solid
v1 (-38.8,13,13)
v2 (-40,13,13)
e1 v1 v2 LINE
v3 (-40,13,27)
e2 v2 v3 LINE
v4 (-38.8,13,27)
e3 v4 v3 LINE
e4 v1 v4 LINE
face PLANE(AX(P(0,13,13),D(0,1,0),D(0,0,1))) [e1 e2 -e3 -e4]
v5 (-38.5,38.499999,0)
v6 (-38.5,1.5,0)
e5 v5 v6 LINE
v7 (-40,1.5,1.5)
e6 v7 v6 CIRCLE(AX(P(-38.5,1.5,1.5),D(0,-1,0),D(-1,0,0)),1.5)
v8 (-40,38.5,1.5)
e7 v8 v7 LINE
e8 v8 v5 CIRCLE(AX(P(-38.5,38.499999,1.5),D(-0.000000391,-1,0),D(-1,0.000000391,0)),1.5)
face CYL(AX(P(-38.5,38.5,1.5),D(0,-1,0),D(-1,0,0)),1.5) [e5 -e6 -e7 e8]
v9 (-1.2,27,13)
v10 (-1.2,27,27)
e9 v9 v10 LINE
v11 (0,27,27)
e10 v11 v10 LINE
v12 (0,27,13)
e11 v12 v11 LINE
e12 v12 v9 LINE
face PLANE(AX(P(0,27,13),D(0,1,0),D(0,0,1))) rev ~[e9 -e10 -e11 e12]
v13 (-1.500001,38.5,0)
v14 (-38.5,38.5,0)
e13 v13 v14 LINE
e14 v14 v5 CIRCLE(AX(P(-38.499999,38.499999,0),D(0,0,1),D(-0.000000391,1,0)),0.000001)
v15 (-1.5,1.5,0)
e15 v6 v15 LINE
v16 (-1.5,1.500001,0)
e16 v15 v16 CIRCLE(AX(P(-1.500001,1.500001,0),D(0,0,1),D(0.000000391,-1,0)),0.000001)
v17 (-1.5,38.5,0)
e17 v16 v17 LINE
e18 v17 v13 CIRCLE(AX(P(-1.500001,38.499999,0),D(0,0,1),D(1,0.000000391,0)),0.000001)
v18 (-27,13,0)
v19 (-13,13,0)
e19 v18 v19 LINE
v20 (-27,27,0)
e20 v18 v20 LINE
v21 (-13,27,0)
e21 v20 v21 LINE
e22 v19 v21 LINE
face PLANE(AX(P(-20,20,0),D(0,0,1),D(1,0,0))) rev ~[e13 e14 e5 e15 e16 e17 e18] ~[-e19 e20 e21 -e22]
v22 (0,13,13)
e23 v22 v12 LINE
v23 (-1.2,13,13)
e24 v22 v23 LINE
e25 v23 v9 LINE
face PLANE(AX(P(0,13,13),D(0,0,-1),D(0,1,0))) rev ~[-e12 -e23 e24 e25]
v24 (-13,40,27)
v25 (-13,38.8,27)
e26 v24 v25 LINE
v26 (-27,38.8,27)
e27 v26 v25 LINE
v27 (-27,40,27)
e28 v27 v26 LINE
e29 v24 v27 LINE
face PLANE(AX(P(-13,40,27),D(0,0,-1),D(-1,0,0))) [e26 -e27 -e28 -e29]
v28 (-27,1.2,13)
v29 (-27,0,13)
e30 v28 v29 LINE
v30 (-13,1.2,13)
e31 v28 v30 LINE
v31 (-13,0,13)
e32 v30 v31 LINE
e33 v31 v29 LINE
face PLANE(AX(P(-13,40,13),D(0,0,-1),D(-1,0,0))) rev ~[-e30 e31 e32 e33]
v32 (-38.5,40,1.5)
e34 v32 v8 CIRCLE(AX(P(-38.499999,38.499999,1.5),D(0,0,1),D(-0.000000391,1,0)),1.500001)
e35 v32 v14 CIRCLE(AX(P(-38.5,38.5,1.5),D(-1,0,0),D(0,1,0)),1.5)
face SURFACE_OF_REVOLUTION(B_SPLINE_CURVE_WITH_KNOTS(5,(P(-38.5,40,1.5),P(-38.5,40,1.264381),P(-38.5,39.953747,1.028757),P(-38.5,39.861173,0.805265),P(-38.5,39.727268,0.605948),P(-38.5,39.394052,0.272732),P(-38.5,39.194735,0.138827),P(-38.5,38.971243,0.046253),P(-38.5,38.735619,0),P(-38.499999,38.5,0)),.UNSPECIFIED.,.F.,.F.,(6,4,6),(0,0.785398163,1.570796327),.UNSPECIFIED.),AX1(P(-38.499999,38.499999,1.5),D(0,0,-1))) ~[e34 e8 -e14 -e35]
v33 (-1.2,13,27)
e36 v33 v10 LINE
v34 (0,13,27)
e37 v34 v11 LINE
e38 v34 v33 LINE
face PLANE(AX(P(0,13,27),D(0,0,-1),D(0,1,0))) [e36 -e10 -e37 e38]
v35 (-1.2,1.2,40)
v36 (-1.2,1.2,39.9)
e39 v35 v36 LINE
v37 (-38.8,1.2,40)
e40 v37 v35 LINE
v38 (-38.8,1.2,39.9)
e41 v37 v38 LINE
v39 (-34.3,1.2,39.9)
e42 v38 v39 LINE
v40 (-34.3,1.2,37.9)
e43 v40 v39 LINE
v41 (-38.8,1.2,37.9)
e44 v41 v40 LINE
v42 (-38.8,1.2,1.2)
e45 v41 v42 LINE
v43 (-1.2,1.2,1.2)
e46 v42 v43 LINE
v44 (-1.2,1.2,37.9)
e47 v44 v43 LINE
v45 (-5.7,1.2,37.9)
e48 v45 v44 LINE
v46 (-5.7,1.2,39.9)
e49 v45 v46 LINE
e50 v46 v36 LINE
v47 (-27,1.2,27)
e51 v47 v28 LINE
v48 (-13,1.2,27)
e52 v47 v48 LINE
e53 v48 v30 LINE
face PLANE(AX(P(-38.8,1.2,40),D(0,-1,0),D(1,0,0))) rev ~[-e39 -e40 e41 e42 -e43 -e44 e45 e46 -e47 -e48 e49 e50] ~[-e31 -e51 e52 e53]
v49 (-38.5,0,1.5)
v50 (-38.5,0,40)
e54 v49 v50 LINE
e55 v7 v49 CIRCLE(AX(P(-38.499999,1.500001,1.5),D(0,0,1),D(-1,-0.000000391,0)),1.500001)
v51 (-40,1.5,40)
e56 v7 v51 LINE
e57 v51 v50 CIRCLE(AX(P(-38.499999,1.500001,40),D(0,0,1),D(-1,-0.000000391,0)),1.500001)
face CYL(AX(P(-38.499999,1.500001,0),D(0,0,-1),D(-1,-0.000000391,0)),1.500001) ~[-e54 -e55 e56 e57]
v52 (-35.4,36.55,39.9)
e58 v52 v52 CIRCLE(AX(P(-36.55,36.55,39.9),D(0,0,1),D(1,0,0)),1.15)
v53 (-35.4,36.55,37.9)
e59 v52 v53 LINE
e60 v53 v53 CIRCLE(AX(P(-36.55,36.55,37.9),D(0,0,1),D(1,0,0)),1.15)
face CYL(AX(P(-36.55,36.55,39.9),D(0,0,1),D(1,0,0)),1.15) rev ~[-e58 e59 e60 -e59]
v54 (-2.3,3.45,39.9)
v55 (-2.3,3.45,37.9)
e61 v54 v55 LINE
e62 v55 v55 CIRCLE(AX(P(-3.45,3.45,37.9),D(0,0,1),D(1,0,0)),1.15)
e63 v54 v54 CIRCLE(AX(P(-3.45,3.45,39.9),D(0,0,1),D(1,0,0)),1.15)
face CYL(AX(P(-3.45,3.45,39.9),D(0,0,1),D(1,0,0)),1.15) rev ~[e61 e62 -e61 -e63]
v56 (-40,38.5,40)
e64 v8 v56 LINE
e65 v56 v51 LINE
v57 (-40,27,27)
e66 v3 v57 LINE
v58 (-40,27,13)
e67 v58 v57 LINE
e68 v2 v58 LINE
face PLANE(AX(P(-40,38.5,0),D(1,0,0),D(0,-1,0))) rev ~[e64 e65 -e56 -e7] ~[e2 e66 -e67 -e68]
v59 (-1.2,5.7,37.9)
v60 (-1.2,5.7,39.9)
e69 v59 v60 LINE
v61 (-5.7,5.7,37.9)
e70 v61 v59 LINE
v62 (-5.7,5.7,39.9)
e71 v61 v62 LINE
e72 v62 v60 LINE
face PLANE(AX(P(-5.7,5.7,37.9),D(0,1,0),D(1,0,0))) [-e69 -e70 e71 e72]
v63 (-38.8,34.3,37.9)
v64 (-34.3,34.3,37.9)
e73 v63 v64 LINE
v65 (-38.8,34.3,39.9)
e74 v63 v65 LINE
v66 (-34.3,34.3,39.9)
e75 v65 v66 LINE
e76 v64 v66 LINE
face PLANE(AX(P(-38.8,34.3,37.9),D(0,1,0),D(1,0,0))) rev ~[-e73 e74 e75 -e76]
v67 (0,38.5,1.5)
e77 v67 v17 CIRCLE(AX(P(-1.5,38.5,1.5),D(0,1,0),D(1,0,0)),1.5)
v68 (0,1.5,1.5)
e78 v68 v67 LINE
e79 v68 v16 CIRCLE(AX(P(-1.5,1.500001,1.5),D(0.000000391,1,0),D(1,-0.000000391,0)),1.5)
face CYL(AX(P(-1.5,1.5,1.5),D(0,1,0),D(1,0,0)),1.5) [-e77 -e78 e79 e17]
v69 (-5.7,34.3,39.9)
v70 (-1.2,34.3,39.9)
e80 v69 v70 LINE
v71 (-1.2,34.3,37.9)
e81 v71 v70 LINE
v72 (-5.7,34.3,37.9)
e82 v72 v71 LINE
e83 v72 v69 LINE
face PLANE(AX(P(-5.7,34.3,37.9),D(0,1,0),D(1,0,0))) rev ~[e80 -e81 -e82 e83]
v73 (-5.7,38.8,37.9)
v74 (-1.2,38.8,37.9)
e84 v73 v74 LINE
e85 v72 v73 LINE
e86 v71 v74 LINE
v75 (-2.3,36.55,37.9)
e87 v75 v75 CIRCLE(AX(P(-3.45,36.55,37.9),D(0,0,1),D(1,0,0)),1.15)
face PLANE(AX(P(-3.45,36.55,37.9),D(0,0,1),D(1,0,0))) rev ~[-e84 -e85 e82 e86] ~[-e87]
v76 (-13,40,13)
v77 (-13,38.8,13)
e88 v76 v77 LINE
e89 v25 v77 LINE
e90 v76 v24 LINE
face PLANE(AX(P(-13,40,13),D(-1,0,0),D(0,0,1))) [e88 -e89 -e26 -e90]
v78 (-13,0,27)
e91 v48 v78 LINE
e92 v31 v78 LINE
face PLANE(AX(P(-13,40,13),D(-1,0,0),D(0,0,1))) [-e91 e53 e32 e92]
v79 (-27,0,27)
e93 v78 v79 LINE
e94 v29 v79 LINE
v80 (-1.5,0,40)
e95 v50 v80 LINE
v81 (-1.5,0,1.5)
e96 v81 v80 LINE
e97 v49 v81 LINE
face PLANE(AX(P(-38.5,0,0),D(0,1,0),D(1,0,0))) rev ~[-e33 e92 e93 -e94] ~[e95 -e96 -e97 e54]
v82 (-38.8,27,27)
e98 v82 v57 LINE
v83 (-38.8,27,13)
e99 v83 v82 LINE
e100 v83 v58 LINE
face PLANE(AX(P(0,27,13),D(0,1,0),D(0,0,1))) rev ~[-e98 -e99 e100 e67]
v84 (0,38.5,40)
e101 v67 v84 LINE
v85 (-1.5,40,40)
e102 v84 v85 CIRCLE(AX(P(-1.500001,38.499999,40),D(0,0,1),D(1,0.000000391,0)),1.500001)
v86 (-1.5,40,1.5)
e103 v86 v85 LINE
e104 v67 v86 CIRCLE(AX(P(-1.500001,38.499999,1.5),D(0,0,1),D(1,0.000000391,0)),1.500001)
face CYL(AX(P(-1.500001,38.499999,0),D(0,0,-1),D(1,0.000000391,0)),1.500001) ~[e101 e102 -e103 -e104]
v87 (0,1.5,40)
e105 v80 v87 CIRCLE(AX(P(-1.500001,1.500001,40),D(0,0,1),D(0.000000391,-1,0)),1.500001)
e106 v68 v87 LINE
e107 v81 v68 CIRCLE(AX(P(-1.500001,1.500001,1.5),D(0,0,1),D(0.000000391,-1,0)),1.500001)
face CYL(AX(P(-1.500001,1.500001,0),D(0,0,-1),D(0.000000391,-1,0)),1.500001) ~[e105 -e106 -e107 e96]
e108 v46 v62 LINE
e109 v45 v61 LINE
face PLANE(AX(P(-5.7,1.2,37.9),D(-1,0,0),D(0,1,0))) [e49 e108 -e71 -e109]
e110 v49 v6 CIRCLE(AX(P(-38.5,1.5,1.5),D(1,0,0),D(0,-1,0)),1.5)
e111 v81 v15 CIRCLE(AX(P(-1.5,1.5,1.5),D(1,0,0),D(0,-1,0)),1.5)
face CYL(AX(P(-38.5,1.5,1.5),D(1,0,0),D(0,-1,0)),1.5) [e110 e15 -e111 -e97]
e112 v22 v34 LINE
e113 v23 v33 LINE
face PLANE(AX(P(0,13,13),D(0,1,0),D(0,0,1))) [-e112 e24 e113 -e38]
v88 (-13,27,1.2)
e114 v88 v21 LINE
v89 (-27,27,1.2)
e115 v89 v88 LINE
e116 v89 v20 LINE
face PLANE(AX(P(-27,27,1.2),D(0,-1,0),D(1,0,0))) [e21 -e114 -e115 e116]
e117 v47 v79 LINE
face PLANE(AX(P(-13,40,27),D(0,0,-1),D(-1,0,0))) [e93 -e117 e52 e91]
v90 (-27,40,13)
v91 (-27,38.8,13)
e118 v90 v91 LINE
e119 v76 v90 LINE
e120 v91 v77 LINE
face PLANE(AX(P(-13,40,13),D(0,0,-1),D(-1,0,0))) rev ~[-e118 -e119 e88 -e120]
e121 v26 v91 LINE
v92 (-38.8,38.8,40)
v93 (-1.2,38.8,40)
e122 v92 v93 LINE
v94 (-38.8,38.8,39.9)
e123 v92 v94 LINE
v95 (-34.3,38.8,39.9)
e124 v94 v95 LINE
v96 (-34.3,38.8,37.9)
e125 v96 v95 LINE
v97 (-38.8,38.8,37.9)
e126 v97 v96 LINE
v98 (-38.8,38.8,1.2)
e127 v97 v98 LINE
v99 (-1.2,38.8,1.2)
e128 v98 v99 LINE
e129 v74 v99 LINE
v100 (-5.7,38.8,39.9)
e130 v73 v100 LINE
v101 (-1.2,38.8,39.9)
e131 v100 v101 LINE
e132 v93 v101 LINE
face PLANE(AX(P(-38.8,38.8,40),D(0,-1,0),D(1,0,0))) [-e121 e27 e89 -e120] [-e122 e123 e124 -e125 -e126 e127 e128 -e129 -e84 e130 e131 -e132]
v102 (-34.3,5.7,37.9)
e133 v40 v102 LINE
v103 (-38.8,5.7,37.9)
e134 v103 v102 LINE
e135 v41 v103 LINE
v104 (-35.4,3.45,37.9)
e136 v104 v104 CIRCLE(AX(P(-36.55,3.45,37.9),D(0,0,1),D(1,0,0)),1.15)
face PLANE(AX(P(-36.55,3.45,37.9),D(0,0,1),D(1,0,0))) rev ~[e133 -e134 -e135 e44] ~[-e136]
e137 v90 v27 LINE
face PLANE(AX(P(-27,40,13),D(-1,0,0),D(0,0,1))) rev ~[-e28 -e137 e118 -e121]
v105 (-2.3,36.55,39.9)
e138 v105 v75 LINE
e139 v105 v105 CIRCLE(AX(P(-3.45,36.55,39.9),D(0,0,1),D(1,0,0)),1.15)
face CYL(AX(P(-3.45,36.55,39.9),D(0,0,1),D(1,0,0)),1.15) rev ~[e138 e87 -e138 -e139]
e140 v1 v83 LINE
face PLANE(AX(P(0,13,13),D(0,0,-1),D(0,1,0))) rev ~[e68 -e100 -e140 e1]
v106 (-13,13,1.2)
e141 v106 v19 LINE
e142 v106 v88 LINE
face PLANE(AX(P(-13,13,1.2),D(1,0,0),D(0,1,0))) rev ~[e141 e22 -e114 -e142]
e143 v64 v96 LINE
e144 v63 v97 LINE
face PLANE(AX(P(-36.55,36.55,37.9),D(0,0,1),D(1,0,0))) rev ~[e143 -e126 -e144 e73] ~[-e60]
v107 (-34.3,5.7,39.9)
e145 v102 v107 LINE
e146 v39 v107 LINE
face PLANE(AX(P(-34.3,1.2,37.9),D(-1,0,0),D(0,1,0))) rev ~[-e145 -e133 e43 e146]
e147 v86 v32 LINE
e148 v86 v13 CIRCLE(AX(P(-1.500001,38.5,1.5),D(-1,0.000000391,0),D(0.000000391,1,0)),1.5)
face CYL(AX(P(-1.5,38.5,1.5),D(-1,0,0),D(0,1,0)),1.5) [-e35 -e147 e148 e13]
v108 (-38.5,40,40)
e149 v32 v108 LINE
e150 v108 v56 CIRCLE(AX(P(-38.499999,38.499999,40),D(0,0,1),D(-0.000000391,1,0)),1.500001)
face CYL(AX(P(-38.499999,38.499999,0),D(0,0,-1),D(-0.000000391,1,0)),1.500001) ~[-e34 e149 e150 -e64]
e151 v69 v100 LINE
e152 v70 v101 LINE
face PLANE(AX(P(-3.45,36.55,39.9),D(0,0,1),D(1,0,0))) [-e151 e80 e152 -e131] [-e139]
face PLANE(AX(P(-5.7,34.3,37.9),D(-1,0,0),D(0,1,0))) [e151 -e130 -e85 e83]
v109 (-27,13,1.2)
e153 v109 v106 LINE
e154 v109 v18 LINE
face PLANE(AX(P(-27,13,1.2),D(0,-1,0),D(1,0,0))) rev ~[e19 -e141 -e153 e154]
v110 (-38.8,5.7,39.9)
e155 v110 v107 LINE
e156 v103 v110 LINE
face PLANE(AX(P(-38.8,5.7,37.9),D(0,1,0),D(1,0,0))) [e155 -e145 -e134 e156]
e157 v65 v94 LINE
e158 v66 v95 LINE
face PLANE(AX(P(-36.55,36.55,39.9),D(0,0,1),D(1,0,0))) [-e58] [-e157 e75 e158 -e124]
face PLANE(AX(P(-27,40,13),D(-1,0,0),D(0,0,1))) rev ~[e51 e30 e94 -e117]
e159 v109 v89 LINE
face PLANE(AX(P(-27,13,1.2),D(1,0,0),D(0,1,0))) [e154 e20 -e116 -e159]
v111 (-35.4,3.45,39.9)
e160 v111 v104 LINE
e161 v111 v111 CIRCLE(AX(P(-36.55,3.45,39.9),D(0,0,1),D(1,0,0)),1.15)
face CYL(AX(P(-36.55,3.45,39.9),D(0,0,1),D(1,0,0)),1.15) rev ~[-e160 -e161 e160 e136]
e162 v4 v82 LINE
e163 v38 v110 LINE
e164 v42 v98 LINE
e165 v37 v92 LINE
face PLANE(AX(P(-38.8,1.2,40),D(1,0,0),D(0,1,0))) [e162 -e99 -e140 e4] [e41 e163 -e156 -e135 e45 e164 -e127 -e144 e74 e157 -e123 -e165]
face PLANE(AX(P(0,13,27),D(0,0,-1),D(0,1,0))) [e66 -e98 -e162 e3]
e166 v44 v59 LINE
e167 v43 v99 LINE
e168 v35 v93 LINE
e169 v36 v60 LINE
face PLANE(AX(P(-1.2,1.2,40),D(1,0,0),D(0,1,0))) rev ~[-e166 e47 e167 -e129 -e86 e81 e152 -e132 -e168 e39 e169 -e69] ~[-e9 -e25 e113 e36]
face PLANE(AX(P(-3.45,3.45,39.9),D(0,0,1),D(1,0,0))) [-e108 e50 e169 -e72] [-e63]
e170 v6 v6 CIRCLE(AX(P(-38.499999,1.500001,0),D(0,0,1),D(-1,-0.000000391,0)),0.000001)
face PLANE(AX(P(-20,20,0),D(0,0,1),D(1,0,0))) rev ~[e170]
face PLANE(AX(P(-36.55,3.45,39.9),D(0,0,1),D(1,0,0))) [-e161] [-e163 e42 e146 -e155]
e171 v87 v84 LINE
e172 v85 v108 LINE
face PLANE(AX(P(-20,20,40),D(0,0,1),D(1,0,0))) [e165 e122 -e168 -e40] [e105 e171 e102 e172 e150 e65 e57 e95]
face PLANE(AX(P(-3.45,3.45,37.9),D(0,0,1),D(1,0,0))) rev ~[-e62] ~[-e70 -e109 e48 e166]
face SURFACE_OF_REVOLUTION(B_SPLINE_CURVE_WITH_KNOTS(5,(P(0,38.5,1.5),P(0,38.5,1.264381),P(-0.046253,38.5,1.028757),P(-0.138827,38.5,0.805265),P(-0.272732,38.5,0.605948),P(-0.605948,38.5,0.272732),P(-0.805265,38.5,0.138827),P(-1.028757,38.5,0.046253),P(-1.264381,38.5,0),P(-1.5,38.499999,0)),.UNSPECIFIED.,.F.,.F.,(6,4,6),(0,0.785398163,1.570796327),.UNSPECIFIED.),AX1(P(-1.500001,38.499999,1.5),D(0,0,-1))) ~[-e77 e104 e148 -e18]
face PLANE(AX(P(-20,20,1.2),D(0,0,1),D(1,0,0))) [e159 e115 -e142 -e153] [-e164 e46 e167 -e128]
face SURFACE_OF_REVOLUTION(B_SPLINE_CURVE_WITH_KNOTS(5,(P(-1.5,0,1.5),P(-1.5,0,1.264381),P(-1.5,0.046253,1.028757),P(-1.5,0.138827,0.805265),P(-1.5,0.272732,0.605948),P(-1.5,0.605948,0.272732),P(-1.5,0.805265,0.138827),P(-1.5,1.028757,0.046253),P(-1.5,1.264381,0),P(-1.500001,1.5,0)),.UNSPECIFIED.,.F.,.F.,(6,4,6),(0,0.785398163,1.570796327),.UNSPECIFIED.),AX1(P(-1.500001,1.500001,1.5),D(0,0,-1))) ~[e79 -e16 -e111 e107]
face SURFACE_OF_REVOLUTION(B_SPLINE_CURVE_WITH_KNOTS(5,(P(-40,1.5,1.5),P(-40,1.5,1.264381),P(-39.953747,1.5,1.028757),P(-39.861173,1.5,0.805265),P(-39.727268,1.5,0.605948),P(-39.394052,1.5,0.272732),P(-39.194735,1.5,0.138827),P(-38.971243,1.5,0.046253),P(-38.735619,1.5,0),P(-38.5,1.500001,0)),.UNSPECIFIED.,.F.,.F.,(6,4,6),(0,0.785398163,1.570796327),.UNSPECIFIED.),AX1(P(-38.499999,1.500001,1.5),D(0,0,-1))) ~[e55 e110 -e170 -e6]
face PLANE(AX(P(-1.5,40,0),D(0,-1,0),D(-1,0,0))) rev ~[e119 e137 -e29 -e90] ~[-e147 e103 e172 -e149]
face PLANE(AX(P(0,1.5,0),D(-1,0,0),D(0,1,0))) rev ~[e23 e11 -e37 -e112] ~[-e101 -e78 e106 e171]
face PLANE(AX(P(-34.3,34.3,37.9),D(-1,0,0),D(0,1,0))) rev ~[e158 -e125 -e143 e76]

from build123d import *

# Parameters (mm, degrees)
PAD_DEPTH       = 40
FILLET_R        = 1.5
SKETCH001_W     = 37.6
SKETCH001_H     = 37.6
POCKET_DEPTH    = 38.8
SKETCH002_W     = 14
SKETCH002_H     = 14
POCKET001_DEPTH = 40.001
SKETCH003_W     = 14
SKETCH003_H     = 14
POCKET002_DEPTH = 40.001
SKETCH004_W     = 14
SKETCH004_H     = 14
POCKET003_DEPTH = 5
SKETCH007_W     = 4.5
SKETCH007_H     = 4.5
PAD001_DEPTH    = 2
SKETCH008_R     = 1.15
POCKET004_DEPTH = 2


with BuildPart() as part:
    # Sketch → Pad (new body)
    with BuildSketch(Plane.XY):
        with BuildLine():
            Line((0, 1.5), (0, 38.5))
            ThreePointArc((0, 38.5), (-0.43934, 39.56066), (-1.5, 40))
            Line((-1.5, 40), (-38.5, 40))
            ThreePointArc((-38.5, 40), (-39.56066, 39.56066), (-40, 38.5))
            Line((-40, 38.5), (-40, 1.5))
            ThreePointArc((-40, 1.5), (-39.56066, 0.43934), (-38.5, 0))
            Line((-38.5, 0), (-1.5, 0))
            ThreePointArc((-1.5, 0), (-0.43934, 0.43934), (0, 1.5))
        make_face()
    extrude(amount=PAD_DEPTH)

    # Fillet
    fillet_edges = [part.edges().sort_by_distance(p)[0] for p in [
        (-20, 0, 0),
    ]]
    fillet(fillet_edges, radius=FILLET_R)

    # Sketch001 (on Face4 of Fillet) → Pocket (cut)
    with BuildSketch(Plane.XY.offset(40)):
        with Locations((-20, 20)):
            Rectangle(SKETCH001_W, SKETCH001_H)
    extrude(amount=-POCKET_DEPTH, mode=Mode.SUBTRACT)

    # Sketch002 (on Face1 of Pocket) → Pocket001 (cut, through all)
    with BuildSketch(Plane.YZ):
        with Locations((20, 20)):
            Rectangle(SKETCH002_W, SKETCH002_H)
    extrude(amount=-POCKET001_DEPTH, mode=Mode.SUBTRACT)

    # Sketch003 (on Face14 of Pocket001) → Pocket002 (cut, through all)
    with BuildSketch(Plane(origin=(0, 40, 0), x_dir=(-1, 0, 0), z_dir=(0, 1, 0))):
        with Locations((20, 20)):
            Rectangle(SKETCH003_W, SKETCH003_H)
    extrude(amount=-POCKET002_DEPTH, mode=Mode.SUBTRACT)

    # Sketch004 (on Face39 of Pocket002) → Pocket003 (cut)
    with BuildSketch(Plane.XY.offset(1.2)):
        with Locations((-20, 20)):
            Rectangle(SKETCH004_W, SKETCH004_H)
    extrude(amount=-POCKET003_DEPTH, mode=Mode.SUBTRACT)

    # Sketch007 (on Face43 of Pocket003) → Pad001 (join)
    with BuildSketch(Plane.XY.offset(37.9)):
        with Locations((-36.55, 36.55)):
            Rectangle(SKETCH007_W, SKETCH007_H)
        with Locations((-3.45, 36.55)):
            Rectangle(SKETCH007_W, SKETCH007_H)
        with Locations((-3.45, 3.45)):
            Rectangle(SKETCH007_W, SKETCH007_H)
        with Locations((-36.55, 3.45)):
            Rectangle(SKETCH007_W, SKETCH007_H)
    extrude(amount=PAD001_DEPTH)

    # Sketch008 (on Face49 of Pad001) → Pocket004 (cut)
    with BuildSketch(Plane.XY.offset(39.9)):
        with Locations((-3.45, 3.45)):
            Circle(SKETCH008_R)
        with Locations((-36.55, 3.45)):
            Circle(SKETCH008_R)
        with Locations((-36.55, 36.55)):
            Circle(SKETCH008_R)
        with Locations((-3.45, 36.55)):
            Circle(SKETCH008_R)
    extrude(amount=-POCKET004_DEPTH, mode=Mode.SUBTRACT)


solid = part.part
